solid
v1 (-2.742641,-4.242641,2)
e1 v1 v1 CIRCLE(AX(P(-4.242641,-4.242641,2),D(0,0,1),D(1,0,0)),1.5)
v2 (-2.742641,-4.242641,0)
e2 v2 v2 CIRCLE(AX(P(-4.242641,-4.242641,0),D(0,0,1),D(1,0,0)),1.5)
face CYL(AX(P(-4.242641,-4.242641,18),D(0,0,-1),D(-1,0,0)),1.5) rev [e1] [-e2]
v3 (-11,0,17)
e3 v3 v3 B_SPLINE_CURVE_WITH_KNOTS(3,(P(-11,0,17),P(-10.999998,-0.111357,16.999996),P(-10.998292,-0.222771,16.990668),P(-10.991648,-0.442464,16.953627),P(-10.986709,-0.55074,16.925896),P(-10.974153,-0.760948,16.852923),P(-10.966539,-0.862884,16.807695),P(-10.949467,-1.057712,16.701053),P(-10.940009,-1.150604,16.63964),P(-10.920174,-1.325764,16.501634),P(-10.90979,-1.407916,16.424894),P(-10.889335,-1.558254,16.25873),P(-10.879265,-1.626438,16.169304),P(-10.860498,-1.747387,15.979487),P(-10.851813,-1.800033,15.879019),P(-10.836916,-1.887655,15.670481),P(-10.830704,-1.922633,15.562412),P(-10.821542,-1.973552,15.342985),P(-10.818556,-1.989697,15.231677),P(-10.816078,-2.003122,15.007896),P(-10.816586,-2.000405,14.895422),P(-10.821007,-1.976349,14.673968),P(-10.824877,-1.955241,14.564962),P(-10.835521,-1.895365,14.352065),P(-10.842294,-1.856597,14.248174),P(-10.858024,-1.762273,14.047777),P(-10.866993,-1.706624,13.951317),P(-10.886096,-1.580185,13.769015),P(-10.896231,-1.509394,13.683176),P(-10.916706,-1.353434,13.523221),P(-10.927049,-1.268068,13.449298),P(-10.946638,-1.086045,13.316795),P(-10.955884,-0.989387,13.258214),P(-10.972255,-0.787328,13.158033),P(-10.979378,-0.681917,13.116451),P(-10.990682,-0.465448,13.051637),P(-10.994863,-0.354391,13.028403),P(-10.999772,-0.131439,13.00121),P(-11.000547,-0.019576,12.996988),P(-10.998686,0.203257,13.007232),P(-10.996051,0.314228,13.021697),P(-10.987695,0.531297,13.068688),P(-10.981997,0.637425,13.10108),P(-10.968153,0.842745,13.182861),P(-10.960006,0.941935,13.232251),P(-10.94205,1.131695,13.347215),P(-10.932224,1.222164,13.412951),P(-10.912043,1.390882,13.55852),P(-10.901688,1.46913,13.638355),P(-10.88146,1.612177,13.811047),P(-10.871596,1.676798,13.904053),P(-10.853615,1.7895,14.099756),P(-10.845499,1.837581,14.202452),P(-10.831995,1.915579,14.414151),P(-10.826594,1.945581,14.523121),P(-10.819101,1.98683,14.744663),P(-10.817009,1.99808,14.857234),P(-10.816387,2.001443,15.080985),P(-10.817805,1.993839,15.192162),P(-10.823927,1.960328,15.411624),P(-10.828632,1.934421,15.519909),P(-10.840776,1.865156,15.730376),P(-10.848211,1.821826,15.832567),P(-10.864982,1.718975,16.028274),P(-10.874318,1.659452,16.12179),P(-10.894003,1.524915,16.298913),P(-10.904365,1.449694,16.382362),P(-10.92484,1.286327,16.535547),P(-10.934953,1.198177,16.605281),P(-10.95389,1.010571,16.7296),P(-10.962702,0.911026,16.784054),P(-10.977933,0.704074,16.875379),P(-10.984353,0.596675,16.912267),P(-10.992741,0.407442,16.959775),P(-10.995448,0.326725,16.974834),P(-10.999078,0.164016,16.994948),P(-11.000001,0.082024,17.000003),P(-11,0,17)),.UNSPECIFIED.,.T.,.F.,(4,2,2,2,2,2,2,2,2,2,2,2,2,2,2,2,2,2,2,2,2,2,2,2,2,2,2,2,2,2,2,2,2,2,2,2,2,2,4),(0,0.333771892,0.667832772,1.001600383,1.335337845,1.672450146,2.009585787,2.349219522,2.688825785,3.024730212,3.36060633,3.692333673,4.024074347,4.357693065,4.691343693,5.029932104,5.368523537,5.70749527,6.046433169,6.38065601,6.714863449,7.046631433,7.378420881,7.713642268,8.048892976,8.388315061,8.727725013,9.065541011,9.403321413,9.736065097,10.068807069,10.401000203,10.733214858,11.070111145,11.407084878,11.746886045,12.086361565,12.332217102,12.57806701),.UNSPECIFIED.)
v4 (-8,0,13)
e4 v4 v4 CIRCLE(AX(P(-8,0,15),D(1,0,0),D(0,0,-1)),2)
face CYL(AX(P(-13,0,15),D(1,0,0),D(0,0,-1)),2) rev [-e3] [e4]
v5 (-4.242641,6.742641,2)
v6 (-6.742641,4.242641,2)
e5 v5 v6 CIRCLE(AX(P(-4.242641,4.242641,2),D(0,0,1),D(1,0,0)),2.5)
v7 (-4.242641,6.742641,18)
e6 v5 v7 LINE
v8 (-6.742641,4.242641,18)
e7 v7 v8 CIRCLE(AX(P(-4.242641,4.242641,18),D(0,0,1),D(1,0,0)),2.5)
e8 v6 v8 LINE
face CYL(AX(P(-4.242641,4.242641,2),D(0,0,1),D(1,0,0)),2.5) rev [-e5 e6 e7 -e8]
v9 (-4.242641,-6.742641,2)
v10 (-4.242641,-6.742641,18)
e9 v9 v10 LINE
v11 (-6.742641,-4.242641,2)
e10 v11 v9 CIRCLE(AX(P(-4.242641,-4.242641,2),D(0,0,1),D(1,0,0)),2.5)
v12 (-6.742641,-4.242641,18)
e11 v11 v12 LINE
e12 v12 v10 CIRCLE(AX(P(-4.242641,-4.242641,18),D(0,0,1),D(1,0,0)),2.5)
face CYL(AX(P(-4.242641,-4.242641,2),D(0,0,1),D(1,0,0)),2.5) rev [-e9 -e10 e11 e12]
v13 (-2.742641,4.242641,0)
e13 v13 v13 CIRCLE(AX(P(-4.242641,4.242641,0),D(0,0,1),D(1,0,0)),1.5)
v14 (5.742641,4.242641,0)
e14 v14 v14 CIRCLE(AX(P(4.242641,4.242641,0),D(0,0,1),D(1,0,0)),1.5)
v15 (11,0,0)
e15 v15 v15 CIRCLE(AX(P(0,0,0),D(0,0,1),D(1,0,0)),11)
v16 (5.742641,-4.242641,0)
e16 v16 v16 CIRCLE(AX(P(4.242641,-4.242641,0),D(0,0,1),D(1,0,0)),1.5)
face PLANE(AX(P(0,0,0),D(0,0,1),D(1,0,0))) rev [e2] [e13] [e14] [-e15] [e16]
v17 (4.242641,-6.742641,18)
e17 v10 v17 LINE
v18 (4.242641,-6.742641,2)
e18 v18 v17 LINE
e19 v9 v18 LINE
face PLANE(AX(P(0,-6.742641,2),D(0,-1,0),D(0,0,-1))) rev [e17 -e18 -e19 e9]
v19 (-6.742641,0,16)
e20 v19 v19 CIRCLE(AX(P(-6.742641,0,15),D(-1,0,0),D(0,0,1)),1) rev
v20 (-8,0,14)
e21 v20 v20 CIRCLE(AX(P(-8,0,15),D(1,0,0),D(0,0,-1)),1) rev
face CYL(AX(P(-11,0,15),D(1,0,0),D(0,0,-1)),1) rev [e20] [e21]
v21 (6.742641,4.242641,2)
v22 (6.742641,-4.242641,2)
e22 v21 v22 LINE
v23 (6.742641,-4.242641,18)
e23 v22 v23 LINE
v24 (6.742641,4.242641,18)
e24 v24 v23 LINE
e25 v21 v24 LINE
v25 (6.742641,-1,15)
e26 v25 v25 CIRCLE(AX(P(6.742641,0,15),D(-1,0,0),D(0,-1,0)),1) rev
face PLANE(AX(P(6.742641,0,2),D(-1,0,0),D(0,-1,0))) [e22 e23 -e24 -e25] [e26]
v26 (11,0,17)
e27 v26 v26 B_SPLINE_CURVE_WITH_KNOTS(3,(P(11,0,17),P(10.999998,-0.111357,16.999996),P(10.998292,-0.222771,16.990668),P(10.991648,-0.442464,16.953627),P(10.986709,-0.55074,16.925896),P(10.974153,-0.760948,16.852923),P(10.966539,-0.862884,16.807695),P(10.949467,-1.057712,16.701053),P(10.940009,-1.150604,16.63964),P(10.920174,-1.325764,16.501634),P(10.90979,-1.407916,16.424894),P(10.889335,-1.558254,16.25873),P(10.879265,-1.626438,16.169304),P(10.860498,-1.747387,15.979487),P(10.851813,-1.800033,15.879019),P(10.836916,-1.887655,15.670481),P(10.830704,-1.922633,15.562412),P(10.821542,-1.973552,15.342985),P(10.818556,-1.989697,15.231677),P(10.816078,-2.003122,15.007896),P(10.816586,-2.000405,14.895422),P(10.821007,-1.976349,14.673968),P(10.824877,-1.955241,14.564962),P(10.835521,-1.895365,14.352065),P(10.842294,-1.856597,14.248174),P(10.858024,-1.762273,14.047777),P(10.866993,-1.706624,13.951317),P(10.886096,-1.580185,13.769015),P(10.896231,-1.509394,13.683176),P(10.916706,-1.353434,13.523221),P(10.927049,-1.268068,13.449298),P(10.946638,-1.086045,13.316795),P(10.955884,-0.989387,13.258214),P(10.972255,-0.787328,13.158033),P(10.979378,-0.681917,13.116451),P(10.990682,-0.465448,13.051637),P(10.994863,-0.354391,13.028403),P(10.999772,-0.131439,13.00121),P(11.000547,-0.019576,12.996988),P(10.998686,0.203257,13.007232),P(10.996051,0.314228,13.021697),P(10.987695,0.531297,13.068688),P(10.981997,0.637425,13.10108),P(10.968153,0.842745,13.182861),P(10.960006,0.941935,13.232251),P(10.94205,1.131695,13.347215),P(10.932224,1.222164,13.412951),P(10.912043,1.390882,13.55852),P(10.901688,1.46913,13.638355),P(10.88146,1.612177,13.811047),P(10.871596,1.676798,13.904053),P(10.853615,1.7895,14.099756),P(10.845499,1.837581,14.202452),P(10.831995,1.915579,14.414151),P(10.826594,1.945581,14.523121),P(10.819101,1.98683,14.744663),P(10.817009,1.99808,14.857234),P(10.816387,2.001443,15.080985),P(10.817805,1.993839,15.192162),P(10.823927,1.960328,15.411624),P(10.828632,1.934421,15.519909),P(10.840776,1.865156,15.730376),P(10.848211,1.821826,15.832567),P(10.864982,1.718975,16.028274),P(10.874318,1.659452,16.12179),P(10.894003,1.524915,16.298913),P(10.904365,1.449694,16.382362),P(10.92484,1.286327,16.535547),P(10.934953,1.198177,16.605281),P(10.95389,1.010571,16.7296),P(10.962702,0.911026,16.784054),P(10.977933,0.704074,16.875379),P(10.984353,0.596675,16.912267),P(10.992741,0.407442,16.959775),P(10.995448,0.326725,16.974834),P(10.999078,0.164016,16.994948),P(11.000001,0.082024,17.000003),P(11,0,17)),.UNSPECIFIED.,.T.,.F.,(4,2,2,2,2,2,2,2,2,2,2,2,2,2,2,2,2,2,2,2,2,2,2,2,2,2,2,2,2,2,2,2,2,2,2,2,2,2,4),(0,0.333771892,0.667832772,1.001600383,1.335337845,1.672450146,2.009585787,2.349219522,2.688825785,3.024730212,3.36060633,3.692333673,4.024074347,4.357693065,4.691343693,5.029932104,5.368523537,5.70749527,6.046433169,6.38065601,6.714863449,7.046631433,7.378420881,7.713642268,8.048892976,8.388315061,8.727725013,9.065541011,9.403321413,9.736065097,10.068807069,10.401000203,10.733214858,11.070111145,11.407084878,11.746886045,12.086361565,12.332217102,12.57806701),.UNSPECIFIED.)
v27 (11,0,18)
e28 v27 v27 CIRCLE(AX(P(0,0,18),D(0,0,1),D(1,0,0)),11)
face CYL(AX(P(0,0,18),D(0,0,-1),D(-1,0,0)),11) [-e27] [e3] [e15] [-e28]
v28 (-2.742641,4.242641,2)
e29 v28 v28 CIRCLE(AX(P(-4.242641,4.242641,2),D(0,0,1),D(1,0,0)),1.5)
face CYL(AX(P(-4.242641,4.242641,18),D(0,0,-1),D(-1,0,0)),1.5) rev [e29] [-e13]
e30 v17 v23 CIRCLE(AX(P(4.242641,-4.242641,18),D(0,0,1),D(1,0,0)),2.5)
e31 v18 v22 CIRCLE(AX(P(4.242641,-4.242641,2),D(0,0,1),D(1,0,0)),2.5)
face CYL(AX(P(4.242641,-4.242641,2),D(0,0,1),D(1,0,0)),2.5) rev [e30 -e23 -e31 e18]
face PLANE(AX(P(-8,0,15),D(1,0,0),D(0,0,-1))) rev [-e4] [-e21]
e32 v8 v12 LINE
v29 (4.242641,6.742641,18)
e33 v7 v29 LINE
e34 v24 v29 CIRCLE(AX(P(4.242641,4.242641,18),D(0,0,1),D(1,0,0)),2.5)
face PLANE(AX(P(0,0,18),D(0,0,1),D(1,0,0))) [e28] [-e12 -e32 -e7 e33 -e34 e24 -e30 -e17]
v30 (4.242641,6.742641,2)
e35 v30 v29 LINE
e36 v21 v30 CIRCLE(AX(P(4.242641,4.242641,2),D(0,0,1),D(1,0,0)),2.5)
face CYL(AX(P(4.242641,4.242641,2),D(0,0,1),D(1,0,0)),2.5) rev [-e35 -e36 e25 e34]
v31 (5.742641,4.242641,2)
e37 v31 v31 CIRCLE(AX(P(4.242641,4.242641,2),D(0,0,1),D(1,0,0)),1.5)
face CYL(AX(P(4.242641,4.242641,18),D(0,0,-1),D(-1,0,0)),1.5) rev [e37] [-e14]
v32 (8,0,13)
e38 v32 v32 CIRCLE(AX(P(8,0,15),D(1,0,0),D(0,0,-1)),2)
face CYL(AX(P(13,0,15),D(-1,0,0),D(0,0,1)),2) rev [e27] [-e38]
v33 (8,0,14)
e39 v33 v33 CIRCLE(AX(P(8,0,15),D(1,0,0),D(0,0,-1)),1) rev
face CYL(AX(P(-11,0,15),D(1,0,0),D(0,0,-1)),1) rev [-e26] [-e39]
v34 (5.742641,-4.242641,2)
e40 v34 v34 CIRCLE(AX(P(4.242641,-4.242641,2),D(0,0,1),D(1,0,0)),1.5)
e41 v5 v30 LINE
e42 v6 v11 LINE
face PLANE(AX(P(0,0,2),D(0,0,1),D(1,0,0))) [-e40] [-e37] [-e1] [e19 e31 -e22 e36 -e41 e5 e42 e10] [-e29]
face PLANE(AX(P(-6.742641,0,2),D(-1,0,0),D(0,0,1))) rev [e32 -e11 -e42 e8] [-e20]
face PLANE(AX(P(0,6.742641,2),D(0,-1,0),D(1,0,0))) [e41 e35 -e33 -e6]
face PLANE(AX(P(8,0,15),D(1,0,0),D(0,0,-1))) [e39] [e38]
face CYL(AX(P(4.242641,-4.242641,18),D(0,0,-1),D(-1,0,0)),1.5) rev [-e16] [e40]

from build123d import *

# Parameters (mm, degrees)
SKETCH1_R               = 11
SKETCH1_R_2             = 1.5
BOSS_EXTRUDE1_DEPTH     = 18
CUT_EXTRUDE2_DEPTH      = 24.790754507
CUT_EXTRUDE2_DEPTH_BACK = 24.790754507
SKETCH3_R               = 1
CUT_EXTRUDE3_START      = -8
SKETCH4_R               = 2
CUT_EXTRUDE3_DEPTH      = 5
CUT_EXTRUDE4_START      = 13
SKETCH4_2_R             = 2
CUT_EXTRUDE4_DEPTH      = 5
CUT_EXTRUDE5_DEPTH      = 16


with BuildPart() as part:
    # Sketch1 → Boss-Extrude1 (new body)
    with BuildSketch(Plane.XY):
        Circle(SKETCH1_R)
        with Locations((-4.242640687, 4.242640687)):
            Circle(SKETCH1_R_2, mode=Mode.SUBTRACT)
        with Locations((4.242640687, 4.242640687)):
            Circle(SKETCH1_R_2, mode=Mode.SUBTRACT)
        with Locations((4.242640687, -4.242640687)):
            Circle(SKETCH1_R_2, mode=Mode.SUBTRACT)
        with Locations((-4.242640687, -4.242640687)):
            Circle(SKETCH1_R_2, mode=Mode.SUBTRACT)
    extrude(amount=BOSS_EXTRUDE1_DEPTH)

    # Sketch3 → Cut-Extrude2 (cut, two sides: drawn at the far end of the back side and taken through both)
    with BuildSketch(Plane(origin=(0, 0, 0), x_dir=(0, 0, -1), z_dir=(1, 0, 0)).offset(-CUT_EXTRUDE2_DEPTH_BACK)):
        with Locations((-15, 0)):
            Circle(SKETCH3_R)
    extrude(amount=CUT_EXTRUDE2_DEPTH + CUT_EXTRUDE2_DEPTH_BACK, mode=Mode.SUBTRACT)

    # Sketch4 → Cut-Extrude3 (cut)
    with BuildSketch(Plane(origin=(0, 0, 0), x_dir=(0, 0, -1), z_dir=(1, 0, 0)).offset(CUT_EXTRUDE3_START)):
        with Locations((-15, 0)):
            Circle(SKETCH4_R)
    extrude(amount=-CUT_EXTRUDE3_DEPTH, mode=Mode.SUBTRACT)

    # Sketch4<2> → Cut-Extrude4 (cut)
    with BuildSketch(Plane(origin=(0, 0, 0), x_dir=(0, 0, -1), z_dir=(1, 0, 0)).offset(CUT_EXTRUDE4_START)):
        with Locations((-15, 0)):
            Circle(SKETCH4_2_R)
    extrude(amount=-CUT_EXTRUDE4_DEPTH, mode=Mode.SUBTRACT)

    # Sketch2 → Cut-Extrude5 (cut)
    with BuildSketch(Plane.XY.offset(18)):
        with BuildLine():
            Line((4.242640687, 6.742640687), (-4.242640687, 6.742640687))
            ThreePointArc((-4.242640687, 6.742640687), (-6.01040764, 6.01040764), (-6.742640687, 4.242640687))
            Line((-6.742640687, 4.242640687), (-6.742640687, -4.242640687))
            ThreePointArc((-6.742640687, -4.242640687), (-6.01040764, -6.01040764), (-4.242640687, -6.742640687))
            Line((-4.242640687, -6.742640687), (4.242640687, -6.742640687))
            ThreePointArc((4.242640687, -6.742640687), (6.01040764, -6.01040764), (6.742640687, -4.242640687))
            Line((6.742640687, -4.242640687), (6.742640687, 4.242640687))
            ThreePointArc((6.742640687, 4.242640687), (6.01040764, 6.01040764), (4.242640687, 6.742640687))
        make_face()
    extrude(amount=-CUT_EXTRUDE5_DEPTH, mode=Mode.SUBTRACT)


solid = part.part
